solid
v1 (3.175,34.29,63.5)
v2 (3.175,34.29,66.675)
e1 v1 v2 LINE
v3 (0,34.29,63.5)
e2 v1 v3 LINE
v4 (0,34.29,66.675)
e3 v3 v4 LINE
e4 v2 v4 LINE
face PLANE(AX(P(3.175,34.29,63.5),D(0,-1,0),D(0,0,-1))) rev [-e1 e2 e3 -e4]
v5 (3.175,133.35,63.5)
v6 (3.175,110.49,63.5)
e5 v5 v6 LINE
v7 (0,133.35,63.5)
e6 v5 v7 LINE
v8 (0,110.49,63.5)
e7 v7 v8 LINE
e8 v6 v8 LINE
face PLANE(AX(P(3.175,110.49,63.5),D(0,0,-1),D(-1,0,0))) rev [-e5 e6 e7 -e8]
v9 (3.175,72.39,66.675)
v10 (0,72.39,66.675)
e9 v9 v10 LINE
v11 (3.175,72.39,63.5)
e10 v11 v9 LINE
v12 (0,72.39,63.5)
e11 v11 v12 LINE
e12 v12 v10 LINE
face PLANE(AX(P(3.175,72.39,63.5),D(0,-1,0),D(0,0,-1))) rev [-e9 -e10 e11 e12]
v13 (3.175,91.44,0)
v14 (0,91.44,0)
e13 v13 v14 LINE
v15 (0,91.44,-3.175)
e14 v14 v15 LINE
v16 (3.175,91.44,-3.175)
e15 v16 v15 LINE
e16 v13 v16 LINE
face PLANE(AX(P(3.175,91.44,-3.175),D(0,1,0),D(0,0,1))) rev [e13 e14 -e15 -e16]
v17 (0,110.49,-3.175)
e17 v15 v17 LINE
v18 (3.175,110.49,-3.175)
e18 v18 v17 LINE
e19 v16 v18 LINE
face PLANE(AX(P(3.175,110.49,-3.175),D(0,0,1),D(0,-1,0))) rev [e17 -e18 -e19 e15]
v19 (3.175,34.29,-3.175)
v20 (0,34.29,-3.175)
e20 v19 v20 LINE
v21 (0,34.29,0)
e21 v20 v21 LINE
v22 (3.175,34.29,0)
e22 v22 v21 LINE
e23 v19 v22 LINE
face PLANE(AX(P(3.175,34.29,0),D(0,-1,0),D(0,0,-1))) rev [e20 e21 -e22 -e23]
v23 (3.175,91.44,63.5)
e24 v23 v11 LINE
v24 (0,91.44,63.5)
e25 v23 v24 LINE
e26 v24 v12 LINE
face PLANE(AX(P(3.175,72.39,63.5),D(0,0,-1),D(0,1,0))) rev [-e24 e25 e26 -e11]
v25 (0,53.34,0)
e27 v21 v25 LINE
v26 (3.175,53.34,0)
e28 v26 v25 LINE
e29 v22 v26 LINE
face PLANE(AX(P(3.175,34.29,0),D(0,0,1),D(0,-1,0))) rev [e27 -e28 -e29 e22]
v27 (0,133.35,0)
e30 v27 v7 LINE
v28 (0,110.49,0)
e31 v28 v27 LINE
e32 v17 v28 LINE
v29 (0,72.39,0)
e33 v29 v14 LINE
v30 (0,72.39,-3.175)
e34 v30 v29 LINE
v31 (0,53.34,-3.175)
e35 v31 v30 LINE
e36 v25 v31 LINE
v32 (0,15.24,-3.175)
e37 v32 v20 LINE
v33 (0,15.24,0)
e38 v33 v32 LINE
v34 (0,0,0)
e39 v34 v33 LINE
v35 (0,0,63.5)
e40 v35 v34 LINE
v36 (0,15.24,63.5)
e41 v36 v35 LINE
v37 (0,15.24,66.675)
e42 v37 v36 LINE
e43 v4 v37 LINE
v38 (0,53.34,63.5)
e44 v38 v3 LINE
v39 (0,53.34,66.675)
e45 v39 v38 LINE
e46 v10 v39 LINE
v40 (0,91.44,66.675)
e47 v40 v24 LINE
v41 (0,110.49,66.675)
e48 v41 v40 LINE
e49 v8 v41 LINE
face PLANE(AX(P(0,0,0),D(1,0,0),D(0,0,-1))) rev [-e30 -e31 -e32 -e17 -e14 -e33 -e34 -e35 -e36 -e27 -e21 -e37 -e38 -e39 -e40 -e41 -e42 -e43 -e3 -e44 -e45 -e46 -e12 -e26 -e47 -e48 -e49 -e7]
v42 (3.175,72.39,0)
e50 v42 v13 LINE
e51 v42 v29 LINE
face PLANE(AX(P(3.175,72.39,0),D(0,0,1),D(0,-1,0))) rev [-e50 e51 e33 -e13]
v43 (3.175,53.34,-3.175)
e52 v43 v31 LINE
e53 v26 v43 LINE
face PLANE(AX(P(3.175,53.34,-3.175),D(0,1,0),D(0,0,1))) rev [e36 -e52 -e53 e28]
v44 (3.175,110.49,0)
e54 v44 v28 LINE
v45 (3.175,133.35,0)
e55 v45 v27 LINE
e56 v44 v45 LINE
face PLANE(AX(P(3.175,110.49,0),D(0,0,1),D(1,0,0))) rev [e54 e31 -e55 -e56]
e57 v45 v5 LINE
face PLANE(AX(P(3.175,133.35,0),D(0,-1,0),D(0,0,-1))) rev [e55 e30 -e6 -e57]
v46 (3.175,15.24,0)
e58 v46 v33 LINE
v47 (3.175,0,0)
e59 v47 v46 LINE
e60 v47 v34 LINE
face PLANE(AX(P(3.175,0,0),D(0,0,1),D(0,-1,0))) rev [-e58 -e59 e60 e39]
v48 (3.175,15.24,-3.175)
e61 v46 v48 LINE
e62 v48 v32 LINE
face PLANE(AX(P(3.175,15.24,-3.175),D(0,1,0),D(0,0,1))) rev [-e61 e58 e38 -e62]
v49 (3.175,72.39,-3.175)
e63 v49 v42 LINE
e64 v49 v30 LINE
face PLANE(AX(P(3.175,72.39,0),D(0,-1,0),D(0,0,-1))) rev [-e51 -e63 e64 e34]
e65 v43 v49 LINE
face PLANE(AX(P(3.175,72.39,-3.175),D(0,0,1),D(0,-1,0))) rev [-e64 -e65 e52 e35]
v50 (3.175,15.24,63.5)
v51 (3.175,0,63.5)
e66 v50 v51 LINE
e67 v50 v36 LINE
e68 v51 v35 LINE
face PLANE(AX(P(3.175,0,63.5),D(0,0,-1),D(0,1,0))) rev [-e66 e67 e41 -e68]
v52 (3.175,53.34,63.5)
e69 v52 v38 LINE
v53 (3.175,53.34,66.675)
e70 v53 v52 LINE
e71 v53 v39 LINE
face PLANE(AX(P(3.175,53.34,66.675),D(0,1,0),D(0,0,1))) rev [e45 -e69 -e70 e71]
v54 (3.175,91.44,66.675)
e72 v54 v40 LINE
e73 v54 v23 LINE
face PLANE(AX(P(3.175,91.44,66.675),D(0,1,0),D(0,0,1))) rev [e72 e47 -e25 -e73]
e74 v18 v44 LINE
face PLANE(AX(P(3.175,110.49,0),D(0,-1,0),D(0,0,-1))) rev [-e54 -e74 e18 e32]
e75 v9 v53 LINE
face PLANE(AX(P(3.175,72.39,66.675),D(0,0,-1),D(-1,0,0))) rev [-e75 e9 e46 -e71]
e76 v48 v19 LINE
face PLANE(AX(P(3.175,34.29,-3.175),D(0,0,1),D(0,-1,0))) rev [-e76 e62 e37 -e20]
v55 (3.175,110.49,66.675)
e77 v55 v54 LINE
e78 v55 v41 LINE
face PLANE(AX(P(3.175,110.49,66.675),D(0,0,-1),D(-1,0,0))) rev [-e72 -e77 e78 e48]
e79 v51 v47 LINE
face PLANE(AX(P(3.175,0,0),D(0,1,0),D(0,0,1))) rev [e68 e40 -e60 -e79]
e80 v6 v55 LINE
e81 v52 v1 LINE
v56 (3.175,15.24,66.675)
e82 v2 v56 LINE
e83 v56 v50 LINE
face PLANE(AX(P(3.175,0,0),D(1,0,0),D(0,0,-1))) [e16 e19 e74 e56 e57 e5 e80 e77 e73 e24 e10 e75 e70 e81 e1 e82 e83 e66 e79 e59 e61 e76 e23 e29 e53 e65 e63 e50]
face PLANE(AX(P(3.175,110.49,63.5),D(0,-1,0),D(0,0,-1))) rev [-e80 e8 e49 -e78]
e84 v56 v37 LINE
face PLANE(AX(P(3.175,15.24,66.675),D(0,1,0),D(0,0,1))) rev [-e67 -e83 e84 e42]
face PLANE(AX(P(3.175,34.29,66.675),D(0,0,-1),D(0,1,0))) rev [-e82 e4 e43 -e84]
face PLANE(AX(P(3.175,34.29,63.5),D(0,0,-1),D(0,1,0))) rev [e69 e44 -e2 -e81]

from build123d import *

# Parameters (mm, degrees)
BOSS_EXTRUDE1_DEPTH = 3.175


with BuildPart() as part:
    # Sketch1 → Boss-Extrude1 (new body)
    with BuildSketch(Plane(origin=(0, 0, 0), x_dir=(0, 0, -1), z_dir=(1, 0, 0))):
        Polygon((0, 110.49), (3.175, 110.49), (3.175, 91.44), (0, 91.44), (0, 72.39), (3.175, 72.39), (3.175, 53.34), (0, 53.34), (0, 34.29), (3.175, 34.29), (3.175, 15.24), (0, 15.24), (0, 0), (-63.5, 0), (-63.5, 15.24), (-66.675, 15.24), (-66.675, 34.29), (-63.5, 34.29), (-63.5, 53.34), (-66.675, 53.34), (-66.675, 72.39), (-63.5, 72.39), (-63.5, 91.44), (-66.675, 91.44), (-66.675, 110.49), (-63.5, 110.49), (-63.5, 133.35), (0, 133.35), align=None)
    extrude(amount=BOSS_EXTRUDE1_DEPTH)


solid = part.part
